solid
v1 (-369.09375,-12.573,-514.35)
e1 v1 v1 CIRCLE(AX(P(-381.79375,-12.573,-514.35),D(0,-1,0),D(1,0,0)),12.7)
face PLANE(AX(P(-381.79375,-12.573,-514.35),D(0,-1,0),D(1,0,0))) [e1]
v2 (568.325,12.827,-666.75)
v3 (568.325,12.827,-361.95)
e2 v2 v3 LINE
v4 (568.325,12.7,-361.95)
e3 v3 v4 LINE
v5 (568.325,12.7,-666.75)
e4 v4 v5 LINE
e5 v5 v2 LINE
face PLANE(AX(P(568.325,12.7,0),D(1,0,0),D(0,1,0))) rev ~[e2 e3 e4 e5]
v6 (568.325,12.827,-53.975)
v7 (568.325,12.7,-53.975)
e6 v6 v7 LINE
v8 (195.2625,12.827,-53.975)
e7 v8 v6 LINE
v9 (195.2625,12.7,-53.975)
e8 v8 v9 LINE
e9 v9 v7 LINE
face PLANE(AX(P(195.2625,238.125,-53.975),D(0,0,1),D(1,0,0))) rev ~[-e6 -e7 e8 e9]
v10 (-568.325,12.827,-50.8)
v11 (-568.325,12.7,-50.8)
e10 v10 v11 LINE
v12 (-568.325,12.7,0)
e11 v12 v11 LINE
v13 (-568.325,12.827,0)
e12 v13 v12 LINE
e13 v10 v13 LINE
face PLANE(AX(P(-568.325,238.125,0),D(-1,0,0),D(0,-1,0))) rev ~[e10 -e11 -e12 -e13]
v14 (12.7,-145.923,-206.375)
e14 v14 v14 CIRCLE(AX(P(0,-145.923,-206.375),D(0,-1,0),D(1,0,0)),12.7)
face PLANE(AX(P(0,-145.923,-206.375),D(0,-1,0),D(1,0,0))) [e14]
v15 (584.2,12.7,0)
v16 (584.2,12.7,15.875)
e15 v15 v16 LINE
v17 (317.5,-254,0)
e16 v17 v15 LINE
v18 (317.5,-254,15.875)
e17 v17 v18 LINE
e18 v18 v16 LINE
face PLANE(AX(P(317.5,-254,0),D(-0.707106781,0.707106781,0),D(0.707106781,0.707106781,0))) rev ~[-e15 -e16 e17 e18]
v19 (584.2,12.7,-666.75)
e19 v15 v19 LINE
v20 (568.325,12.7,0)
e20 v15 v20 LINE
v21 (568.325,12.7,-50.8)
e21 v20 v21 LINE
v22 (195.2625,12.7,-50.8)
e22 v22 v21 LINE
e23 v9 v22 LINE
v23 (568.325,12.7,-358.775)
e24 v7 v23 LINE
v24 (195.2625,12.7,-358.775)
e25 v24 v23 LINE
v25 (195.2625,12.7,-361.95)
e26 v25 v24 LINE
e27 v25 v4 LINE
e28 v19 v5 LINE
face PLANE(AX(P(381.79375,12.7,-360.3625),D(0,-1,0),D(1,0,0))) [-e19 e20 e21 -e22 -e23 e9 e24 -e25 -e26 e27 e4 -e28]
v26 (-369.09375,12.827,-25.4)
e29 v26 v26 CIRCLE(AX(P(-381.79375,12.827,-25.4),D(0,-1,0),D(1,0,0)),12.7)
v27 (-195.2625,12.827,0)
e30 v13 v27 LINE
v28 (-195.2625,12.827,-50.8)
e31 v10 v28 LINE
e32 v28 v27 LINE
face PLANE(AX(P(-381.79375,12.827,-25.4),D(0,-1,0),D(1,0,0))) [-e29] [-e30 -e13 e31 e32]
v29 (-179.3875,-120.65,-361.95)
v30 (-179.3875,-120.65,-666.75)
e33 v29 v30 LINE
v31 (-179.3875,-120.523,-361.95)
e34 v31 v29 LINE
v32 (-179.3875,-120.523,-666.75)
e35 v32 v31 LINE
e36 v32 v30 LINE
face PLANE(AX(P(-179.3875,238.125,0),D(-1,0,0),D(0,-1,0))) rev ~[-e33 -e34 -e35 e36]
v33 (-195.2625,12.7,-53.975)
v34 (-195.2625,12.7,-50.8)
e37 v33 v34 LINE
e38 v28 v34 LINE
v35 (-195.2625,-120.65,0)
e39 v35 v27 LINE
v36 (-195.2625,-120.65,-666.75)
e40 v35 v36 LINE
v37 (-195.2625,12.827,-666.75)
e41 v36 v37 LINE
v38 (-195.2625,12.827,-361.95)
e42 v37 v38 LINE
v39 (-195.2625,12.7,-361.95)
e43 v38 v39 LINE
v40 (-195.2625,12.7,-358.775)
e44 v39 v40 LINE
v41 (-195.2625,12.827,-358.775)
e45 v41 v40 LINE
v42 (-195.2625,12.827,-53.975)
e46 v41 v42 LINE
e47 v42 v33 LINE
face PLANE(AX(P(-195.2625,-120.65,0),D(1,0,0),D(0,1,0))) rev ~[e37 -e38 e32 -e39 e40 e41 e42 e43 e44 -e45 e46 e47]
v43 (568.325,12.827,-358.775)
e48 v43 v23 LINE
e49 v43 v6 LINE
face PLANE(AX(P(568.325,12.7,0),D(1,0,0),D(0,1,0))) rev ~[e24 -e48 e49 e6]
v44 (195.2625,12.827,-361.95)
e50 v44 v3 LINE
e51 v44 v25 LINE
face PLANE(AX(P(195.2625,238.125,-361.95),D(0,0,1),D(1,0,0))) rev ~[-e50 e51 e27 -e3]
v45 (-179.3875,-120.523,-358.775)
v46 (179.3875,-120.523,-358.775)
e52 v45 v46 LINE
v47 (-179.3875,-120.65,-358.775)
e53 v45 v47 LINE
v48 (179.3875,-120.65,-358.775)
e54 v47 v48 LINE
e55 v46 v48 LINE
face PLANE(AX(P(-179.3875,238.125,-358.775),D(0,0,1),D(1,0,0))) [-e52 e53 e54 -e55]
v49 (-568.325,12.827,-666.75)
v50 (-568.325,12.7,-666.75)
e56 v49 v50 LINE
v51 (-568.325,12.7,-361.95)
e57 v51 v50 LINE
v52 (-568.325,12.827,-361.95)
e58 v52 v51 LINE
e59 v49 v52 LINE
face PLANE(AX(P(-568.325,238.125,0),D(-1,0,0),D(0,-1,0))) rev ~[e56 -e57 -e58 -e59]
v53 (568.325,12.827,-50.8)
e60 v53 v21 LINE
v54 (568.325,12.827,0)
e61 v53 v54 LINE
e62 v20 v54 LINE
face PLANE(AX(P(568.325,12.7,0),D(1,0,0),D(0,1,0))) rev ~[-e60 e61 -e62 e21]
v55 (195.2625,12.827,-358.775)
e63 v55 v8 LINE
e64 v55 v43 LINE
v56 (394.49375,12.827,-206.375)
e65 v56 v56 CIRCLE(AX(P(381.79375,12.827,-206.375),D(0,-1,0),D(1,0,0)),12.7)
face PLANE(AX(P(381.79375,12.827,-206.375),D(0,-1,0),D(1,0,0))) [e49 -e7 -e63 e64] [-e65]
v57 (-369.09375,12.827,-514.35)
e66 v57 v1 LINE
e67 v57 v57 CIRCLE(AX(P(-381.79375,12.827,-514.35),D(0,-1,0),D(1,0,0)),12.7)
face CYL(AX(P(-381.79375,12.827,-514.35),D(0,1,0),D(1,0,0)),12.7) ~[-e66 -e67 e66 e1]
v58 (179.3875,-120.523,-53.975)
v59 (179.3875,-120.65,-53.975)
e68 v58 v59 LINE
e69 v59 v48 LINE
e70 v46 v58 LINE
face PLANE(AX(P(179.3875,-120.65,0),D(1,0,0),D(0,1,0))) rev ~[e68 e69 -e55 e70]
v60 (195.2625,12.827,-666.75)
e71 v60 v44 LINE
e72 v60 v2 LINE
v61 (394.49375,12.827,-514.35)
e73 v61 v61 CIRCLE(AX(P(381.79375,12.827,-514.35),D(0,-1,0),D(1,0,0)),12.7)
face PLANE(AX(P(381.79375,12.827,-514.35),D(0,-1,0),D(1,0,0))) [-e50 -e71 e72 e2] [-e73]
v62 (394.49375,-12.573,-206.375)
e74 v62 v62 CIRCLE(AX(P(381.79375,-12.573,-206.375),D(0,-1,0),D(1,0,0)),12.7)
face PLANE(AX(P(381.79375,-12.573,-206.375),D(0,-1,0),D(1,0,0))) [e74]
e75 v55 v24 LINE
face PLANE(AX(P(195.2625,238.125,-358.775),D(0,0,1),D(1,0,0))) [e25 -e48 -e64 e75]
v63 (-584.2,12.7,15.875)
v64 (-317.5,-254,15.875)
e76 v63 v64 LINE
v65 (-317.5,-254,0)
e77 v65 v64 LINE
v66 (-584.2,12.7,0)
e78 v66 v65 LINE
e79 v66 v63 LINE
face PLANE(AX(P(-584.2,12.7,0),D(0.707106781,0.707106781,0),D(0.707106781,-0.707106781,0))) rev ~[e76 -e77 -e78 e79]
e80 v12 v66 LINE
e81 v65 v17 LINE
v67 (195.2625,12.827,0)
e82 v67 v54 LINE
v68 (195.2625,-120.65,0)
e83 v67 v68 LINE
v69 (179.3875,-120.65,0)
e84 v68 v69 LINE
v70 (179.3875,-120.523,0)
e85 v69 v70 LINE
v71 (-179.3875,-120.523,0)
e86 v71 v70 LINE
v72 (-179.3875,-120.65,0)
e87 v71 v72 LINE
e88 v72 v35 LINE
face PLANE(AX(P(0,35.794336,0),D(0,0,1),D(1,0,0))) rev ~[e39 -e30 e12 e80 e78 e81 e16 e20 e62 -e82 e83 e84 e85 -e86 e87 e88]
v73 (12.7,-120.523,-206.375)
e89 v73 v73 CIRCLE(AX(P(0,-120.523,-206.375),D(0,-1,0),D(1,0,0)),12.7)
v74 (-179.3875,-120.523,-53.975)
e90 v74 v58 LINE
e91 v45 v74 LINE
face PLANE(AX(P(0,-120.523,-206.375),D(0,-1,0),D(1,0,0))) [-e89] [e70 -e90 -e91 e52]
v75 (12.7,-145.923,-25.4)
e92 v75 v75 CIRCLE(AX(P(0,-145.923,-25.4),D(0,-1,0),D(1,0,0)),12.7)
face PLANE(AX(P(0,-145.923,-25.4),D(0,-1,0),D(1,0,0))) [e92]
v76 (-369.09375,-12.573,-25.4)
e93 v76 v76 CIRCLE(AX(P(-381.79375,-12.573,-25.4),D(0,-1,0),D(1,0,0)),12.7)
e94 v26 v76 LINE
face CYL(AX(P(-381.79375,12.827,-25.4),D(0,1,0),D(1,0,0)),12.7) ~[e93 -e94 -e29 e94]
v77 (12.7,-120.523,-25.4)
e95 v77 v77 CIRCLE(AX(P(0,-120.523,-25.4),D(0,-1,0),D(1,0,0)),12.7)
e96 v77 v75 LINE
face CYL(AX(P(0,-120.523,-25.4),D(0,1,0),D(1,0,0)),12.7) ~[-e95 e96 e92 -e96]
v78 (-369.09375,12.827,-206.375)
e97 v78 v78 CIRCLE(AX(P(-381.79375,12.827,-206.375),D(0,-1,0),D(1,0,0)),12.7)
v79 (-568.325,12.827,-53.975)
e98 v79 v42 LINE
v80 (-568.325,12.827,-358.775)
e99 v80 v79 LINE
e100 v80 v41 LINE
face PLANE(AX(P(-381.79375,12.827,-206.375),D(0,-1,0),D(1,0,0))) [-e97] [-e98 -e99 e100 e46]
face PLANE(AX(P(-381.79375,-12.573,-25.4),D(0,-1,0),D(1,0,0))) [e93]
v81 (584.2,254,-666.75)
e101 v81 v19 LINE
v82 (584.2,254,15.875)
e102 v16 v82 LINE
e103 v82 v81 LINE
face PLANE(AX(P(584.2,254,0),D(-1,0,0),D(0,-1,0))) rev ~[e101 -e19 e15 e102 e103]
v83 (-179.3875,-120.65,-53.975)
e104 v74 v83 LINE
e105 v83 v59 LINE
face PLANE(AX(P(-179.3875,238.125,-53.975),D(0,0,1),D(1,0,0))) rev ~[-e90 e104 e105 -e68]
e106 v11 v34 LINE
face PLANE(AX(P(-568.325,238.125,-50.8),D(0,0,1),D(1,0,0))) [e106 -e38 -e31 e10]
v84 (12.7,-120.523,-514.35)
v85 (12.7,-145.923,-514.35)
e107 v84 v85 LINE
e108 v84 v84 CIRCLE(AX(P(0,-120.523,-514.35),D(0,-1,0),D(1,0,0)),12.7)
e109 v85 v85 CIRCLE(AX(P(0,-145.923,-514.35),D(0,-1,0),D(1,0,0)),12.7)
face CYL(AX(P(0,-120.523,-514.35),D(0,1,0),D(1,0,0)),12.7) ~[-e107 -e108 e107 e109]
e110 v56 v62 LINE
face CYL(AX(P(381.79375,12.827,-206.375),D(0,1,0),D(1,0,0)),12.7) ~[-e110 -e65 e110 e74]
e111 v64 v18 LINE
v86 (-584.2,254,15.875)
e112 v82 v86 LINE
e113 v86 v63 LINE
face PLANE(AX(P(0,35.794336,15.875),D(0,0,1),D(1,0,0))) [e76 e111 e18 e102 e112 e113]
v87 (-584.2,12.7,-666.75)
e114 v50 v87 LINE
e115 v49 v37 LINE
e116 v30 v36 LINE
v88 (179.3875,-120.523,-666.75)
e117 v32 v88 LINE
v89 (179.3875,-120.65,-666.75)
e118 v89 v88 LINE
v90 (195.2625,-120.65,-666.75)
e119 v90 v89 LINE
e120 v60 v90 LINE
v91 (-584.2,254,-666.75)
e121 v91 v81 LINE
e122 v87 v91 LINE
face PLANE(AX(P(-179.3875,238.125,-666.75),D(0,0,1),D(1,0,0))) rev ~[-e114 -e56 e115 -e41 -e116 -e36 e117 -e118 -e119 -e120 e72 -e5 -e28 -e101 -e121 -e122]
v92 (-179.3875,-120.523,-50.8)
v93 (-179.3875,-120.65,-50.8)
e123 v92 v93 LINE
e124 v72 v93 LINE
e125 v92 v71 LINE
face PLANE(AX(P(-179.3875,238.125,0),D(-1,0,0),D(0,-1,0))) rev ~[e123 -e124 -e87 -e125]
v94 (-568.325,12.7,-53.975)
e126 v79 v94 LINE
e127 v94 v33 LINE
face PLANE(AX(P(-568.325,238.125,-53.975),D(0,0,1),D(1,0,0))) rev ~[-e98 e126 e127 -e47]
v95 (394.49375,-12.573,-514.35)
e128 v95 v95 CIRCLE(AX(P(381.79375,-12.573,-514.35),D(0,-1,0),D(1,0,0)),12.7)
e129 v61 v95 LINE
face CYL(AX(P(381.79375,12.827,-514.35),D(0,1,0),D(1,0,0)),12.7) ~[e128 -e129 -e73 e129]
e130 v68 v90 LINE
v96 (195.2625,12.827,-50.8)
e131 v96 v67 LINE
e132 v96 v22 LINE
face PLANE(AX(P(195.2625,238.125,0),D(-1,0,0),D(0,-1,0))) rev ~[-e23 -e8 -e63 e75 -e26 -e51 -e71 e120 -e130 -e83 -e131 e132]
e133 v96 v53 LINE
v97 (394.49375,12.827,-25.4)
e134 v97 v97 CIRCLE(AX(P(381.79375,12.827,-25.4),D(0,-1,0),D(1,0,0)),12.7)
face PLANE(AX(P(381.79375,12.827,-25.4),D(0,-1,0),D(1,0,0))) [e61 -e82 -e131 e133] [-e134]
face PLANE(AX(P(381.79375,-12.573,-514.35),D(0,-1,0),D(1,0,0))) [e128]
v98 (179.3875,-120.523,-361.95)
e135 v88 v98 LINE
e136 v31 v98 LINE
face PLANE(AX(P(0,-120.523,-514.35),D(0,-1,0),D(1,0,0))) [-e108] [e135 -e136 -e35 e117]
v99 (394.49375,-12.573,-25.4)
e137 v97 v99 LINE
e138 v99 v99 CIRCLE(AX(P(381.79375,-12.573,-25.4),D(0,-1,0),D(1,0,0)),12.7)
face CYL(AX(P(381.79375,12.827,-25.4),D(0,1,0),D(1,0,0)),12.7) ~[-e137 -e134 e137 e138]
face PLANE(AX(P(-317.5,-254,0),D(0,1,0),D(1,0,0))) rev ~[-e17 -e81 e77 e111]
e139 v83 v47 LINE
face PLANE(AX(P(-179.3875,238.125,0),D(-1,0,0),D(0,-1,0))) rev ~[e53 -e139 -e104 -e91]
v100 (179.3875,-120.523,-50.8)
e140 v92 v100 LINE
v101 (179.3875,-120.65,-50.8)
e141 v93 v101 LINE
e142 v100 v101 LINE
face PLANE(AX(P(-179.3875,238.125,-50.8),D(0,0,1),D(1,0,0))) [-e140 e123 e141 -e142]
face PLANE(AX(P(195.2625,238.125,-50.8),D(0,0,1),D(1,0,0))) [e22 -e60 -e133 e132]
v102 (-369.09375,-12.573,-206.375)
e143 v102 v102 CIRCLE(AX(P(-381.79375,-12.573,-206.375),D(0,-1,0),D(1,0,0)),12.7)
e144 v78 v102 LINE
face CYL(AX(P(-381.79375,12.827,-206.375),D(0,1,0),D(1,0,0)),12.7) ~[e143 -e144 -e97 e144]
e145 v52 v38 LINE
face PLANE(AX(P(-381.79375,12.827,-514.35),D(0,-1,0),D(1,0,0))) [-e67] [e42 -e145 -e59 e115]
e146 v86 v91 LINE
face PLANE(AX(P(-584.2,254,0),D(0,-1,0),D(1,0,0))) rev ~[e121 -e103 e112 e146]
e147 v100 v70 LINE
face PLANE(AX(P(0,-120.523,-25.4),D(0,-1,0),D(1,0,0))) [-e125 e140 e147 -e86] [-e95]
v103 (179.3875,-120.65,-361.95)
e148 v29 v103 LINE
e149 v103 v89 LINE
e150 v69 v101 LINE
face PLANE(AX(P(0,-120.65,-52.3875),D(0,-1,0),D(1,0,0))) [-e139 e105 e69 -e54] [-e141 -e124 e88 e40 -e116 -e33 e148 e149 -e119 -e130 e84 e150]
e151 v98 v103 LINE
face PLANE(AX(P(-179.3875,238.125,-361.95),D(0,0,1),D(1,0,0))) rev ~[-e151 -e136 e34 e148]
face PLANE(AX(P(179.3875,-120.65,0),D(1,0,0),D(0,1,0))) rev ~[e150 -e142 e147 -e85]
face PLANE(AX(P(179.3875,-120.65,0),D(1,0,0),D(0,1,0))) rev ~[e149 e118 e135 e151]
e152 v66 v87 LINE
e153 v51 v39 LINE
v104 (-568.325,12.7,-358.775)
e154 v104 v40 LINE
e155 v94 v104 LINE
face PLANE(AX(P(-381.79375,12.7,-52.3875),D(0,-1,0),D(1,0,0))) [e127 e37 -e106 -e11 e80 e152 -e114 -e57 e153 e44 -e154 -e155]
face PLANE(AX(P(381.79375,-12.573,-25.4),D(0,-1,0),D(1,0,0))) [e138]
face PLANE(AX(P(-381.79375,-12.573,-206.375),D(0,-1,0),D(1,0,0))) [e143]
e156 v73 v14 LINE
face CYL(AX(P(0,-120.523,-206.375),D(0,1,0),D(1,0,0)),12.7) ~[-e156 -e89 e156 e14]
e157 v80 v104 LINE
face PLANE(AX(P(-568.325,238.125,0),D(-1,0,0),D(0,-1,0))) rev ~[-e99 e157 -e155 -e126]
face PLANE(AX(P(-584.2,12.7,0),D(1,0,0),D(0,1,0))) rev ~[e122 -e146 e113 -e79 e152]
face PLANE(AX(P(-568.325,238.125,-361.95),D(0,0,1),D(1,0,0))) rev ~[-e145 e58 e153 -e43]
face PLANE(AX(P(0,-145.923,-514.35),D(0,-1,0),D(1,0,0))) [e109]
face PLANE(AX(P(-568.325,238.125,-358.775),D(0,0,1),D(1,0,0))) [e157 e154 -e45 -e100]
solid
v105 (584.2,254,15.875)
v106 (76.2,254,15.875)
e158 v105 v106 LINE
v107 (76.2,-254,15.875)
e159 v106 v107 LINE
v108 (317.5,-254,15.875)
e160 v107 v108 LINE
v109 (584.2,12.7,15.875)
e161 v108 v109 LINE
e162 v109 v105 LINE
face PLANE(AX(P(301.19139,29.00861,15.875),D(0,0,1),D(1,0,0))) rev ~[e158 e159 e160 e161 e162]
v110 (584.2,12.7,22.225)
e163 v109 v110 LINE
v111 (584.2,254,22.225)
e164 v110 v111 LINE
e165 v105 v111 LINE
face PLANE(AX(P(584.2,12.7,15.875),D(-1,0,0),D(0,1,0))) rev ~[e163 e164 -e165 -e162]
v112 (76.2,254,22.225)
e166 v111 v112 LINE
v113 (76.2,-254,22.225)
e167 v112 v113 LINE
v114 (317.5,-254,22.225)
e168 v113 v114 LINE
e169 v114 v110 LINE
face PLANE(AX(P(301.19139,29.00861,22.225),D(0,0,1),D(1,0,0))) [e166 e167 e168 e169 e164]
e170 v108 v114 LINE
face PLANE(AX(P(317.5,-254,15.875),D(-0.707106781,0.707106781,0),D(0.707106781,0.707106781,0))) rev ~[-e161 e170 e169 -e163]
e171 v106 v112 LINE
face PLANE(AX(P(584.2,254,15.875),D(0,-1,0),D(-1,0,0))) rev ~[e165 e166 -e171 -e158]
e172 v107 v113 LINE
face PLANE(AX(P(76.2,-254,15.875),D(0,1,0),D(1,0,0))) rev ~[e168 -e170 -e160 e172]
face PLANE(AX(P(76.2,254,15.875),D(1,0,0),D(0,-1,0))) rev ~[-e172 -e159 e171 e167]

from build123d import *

# Parameters (mm, degrees)
F1_DEPTH  = 15.875
F3_DEPTH  = 666.75
F4_W      = 373.0625
F4_H      = 304.8
F4_H_2    = 50.8
F5_DEPTH  = 225.298
F6_W      = 373.0625
F6_H      = 304.8
F6_H_2    = 50.8
F7_DEPTH  = 225.298
F8_W      = 358.775
F8_H      = 304.8
F8_H_2    = 50.8
F9_DEPTH  = 358.648
F10_R     = 12.7
F11_DEPTH = 25.4
F12_R     = 12.7
F13_DEPTH = 25.4
F14_R     = 12.7
F15_DEPTH = 25.4
F16_R     = 12.7
F17_DEPTH = 25.4
F18_R     = 12.7
F19_DEPTH = 25.4
F20_R     = 12.7
F21_DEPTH = 25.4
F22_R     = 12.7
F23_DEPTH = 25.4
F24_R     = 12.7
F25_DEPTH = 25.4
F26_R     = 12.7
F27_DEPTH = 25.4
F29_DEPTH = 6.35
F30_W     = 358.775
F30_H     = 3.175
F31_DEPTH = 358.775
F32_W     = 358.775
F32_H     = 3.175
F33_DEPTH = 358.775
F34_W     = 373.0625
F34_H     = 3.175
F35_DEPTH = 225.425
F36_W     = 373.0625
F36_H     = 3.175
F37_DEPTH = 225.425
F38_W     = 373.0625
F38_H     = 3.175
F39_DEPTH = 225.425
F40_W     = 373.0625
F40_H     = 3.175
F41_DEPTH = 225.425


with BuildPart() as f1:
    # F0 (on Top) → F1 (new body)
    with BuildSketch(Plane.XY):
        Polygon((584.2, 254), (-584.2, 254), (-584.2, 12.7), (-317.5, -254), (317.5, -254), (584.2, 12.7), align=None)
    extrude(amount=F1_DEPTH)

    # F2 (on face) → F3 (join)
    with BuildSketch(Plane(origin=(0, 0, 0), x_dir=(1, 0, 0), z_dir=(0, 0, -1))):
        Polygon((-568.325, -12.7), (-584.2, -12.7), (-584.2, -254), (-568.325, -254), (568.325, -254), (584.2, -254), (584.2, -12.7), (568.325, -12.7), (568.325, -238.125), (195.2625, -238.125), (179.3875, -238.125), (-179.3875, -238.125), (-195.2625, -238.125), (-568.325, -238.125), align=None)
        Polygon((-195.2625, 120.65), (-195.2625, -238.125), (-179.3875, -238.125), (-179.3875, 120.65), (-187.325, 120.65), align=None)
        Polygon((179.3875, 120.65), (179.3875, -238.125), (195.2625, -238.125), (195.2625, 120.65), (187.325, 120.65), align=None)
    extrude(amount=F3_DEPTH)

    # F4 (on face) → F5 (join)
    with BuildSketch(Plane.XZ.offset(-238.125)):
        with Locations((-381.79375, -514.35)):
            Rectangle(F4_W, F4_H)
        with Locations((-381.79375, -206.375)):
            Rectangle(F4_W, F4_H)
        with Locations((-381.79375, -25.4)):
            Rectangle(F4_W, F4_H_2)
    extrude(amount=F5_DEPTH)

    # F6 (on face) → F7 (join)
    with BuildSketch(Plane.XZ.offset(-238.125)):
        with Locations((381.79375, -514.35)):
            Rectangle(F6_W, F6_H)
        with Locations((381.79375, -206.375)):
            Rectangle(F6_W, F6_H)
        with Locations((381.79375, -25.4)):
            Rectangle(F6_W, F6_H_2)
    extrude(amount=F7_DEPTH)

    # F8 (on face) → F9 (join)
    with BuildSketch(Plane.XZ.offset(-238.125)):
        with Locations((0, -514.35)):
            Rectangle(F8_W, F8_H)
        with Locations((0, -206.375)):
            Rectangle(F8_W, F8_H)
        with Locations((0, -25.4)):
            Rectangle(F8_W, F8_H_2)
    extrude(amount=F9_DEPTH)

    # F10 (on face) → F11 (join)
    with BuildSketch(Plane.XZ.offset(-12.827)):
        with Locations((-381.79375, -514.35)):
            Circle(F10_R)
    extrude(amount=F11_DEPTH)

    # F12 (on face) → F13 (join)
    with BuildSketch(Plane.XZ.offset(-12.827)):
        with Locations((-381.79375, -206.375)):
            Circle(F12_R)
    extrude(amount=F13_DEPTH)

    # F14 (on face) → F15 (join)
    with BuildSketch(Plane.XZ.offset(-12.827)):
        with Locations((-381.79375, -25.4)):
            Circle(F14_R)
    extrude(amount=F15_DEPTH)

    # F16 (on face) → F17 (join)
    with BuildSketch(Plane.XZ.offset(120.523)):
        with Locations((0, -514.35)):
            Circle(F16_R)
    extrude(amount=F17_DEPTH)

    # F18 (on face) → F19 (join)
    with BuildSketch(Plane.XZ.offset(120.523)):
        with Locations((0, -206.375)):
            Circle(F18_R)
    extrude(amount=F19_DEPTH)

    # F20 (on face) → F21 (join)
    with BuildSketch(Plane.XZ.offset(120.523)):
        with Locations((0, -25.4)):
            Circle(F20_R)
    extrude(amount=F21_DEPTH)

    # F22 (on face) → F23 (join)
    with BuildSketch(Plane.XZ.offset(-12.827)):
        with Locations((381.79375, -514.35)):
            Circle(F22_R)
    extrude(amount=F23_DEPTH)

    # F24 (on face) → F25 (join)
    with BuildSketch(Plane.XZ.offset(-12.827)):
        with Locations((381.79375, -206.375)):
            Circle(F24_R)
    extrude(amount=F25_DEPTH)

    # F26 (on face) → F27 (join)
    with BuildSketch(Plane.XZ.offset(-12.827)):
        with Locations((381.79375, -25.4)):
            Circle(F26_R)
    extrude(amount=F27_DEPTH)

    # F30 (on face) → F31 (join)
    with BuildSketch(Plane.XZ.offset(-238.125)):
        with Locations((0, -360.3625)):
            Rectangle(F30_W, F30_H)
    extrude(amount=F31_DEPTH)

    # F32 (on face) → F33 (join)
    with BuildSketch(Plane.XZ.offset(-238.125)):
        with Locations((0, -52.3875)):
            Rectangle(F32_W, F32_H)
    extrude(amount=F33_DEPTH)

    # F34 (on face) → F35 (join)
    with BuildSketch(Plane.XZ.offset(-238.125)):
        with Locations((-381.79375, -360.3625)):
            Rectangle(F34_W, F34_H)
    extrude(amount=F35_DEPTH)

    # F36 (on face) → F37 (join)
    with BuildSketch(Plane.XZ.offset(-238.125)):
        with Locations((-381.79375, -52.3875)):
            Rectangle(F36_W, F36_H)
    extrude(amount=F37_DEPTH)

    # F38 (on face) → F39 (join)
    with BuildSketch(Plane.XZ.offset(-238.125)):
        with Locations((381.79375, -52.3875)):
            Rectangle(F38_W, F38_H)
    extrude(amount=F39_DEPTH)

    # F40 (on face) → F41 (join)
    with BuildSketch(Plane.XZ.offset(-238.125)):
        with Locations((381.79375, -360.3625)):
            Rectangle(F40_W, F40_H)
    extrude(amount=F41_DEPTH)


with BuildPart() as f29:
    # F28 (on face) → F29 (new body)
    with BuildSketch(Plane.XY.offset(15.875)):
        Polygon((584.2, 12.7), (584.2, 254), (76.2, 254), (76.2, -254), (317.5, -254), align=None)
    extrude(amount=F29_DEPTH)


solid = Compound([f1.part, f29.part])
